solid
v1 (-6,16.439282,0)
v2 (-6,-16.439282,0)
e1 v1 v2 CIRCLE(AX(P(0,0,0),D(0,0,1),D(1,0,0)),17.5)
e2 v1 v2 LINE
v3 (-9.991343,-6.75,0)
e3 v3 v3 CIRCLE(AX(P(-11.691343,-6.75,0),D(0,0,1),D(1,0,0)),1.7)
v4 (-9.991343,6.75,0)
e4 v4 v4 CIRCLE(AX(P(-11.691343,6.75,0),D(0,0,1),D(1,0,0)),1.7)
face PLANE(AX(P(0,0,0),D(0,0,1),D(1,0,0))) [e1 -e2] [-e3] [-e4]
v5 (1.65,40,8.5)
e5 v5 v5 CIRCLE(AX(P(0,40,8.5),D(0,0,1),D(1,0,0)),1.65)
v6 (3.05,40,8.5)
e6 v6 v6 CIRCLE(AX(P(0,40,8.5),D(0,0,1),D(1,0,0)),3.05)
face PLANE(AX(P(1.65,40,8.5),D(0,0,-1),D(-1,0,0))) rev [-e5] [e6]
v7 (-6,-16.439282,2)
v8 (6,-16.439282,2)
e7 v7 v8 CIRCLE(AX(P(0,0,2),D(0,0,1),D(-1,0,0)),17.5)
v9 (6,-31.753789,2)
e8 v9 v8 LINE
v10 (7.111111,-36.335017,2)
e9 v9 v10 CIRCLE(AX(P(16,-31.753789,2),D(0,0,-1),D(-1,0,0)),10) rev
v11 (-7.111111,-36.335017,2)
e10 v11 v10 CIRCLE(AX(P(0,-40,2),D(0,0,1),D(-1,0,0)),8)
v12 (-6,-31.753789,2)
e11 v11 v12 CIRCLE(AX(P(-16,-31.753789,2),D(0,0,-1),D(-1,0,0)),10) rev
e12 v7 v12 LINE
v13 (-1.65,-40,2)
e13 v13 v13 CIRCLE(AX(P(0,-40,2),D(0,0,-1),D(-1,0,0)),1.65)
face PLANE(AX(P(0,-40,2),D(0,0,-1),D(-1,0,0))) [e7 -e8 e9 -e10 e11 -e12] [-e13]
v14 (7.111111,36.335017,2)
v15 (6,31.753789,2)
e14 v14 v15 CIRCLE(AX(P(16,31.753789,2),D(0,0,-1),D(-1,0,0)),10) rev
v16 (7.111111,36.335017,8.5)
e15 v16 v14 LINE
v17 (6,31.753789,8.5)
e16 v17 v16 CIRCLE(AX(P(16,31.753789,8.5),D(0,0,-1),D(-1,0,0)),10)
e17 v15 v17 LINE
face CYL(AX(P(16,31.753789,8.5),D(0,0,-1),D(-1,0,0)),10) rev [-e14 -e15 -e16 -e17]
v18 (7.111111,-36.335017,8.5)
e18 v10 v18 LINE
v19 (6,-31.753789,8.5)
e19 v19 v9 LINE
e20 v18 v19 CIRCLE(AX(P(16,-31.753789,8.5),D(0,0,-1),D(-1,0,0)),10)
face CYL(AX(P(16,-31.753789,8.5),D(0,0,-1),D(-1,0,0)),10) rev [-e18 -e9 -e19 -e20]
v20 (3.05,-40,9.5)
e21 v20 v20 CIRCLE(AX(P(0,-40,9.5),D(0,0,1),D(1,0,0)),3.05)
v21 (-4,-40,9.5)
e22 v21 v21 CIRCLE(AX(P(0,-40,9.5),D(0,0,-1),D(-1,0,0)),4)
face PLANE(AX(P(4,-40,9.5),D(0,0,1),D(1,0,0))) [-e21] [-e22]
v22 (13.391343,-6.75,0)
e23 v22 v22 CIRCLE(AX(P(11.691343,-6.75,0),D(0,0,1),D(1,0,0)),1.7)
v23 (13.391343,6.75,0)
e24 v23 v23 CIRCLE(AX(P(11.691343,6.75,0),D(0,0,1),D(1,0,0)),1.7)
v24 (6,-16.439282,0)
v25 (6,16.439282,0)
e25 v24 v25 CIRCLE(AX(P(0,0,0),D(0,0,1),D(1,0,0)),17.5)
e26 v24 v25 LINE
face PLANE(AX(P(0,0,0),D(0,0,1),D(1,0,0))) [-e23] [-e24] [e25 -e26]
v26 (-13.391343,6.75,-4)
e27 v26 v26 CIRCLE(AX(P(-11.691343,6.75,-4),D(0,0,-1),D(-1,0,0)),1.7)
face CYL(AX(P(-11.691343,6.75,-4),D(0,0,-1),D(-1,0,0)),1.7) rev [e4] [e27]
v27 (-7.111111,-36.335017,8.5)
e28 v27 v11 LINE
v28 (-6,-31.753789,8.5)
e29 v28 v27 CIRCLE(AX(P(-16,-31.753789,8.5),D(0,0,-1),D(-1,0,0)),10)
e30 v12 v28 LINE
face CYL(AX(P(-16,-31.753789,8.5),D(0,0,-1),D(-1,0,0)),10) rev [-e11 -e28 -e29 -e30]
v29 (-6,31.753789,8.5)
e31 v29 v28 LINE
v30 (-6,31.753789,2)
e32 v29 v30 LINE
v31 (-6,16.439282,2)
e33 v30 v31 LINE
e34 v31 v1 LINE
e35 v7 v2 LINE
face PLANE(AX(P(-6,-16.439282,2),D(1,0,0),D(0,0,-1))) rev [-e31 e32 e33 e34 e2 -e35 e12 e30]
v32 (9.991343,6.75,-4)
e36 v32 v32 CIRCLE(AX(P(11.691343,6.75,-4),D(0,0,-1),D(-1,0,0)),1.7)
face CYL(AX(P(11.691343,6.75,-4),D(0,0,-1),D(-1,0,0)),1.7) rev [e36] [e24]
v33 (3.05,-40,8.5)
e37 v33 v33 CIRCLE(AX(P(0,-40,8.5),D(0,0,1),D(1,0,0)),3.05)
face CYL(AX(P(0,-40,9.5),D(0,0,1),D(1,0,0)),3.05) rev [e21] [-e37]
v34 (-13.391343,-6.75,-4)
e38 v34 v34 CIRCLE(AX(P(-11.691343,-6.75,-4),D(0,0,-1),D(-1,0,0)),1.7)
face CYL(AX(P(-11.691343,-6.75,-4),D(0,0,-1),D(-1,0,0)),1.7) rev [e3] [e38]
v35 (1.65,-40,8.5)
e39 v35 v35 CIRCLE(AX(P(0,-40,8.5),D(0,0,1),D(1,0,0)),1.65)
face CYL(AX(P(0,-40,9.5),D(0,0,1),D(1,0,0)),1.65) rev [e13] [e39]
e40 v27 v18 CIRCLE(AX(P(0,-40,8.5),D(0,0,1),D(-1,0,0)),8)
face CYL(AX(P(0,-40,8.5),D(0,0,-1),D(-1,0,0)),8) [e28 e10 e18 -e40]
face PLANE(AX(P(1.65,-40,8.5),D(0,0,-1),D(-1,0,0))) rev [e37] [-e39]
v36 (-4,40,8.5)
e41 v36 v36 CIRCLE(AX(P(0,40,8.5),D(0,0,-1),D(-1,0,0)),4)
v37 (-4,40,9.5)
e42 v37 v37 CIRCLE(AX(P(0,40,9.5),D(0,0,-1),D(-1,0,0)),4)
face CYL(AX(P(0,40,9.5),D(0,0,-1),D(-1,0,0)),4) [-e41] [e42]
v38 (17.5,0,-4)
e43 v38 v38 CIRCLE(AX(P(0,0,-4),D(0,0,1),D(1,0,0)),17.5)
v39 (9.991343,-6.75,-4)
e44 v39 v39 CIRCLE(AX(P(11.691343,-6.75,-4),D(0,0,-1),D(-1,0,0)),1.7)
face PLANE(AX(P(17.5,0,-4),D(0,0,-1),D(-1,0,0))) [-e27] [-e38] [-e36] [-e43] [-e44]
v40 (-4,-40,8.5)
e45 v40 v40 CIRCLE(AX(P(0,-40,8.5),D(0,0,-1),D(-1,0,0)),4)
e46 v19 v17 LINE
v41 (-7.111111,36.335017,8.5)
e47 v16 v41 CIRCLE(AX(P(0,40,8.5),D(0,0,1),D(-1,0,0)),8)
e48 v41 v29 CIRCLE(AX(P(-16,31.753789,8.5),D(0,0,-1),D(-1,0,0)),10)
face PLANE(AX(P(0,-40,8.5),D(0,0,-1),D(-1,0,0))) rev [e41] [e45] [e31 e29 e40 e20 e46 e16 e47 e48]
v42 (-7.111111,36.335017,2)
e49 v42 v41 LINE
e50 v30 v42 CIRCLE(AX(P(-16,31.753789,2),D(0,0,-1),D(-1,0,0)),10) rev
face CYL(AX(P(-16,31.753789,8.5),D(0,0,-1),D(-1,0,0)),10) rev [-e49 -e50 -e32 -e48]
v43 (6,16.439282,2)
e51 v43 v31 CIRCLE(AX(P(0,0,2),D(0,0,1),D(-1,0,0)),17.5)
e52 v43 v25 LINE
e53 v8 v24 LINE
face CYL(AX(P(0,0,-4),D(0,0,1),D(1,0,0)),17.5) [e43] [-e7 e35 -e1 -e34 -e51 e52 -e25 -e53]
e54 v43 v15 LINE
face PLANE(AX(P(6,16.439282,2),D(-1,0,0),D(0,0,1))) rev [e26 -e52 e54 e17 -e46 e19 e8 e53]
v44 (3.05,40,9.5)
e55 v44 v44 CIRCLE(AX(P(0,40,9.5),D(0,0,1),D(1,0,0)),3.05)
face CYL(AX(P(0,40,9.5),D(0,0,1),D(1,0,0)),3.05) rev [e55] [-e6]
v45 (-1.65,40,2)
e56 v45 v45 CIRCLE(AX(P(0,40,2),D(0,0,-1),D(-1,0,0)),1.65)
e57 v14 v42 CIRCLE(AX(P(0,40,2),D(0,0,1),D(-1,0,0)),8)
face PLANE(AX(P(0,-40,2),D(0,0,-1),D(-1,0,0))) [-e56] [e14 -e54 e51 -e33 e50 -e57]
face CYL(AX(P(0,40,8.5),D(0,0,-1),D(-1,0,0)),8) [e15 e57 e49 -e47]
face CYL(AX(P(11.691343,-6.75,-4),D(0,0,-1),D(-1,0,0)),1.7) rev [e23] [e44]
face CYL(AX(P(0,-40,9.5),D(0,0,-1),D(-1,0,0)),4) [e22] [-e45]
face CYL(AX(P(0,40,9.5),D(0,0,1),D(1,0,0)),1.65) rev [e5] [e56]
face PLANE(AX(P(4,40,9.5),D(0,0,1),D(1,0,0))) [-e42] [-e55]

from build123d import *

# Parameters (mm, degrees)
SKETCH_1_W                   = 17.5
SKETCH_1_H                   = 4
EXTRUDE_1_DEPTH              = 2
EXTRUDE_2_DEPTH              = 6.5
SKETCH_4_W                   = 4
SKETCH_4_H                   = 1
SKETCH_5_W                   = 4
SKETCH_5_H                   = 1
HOLE_WIZARD_3_4_3_4_1_D      = 3.4
HOLE_WIZARD_3_4_3_4_1_DEPTH  = 13.5
HOLE_WIZARD_M3_1_D           = 3.3
HOLE_WIZARD_M3_1_DEPTH       = 13.5
HOLE_WIZARD_M3_1_CBORE_D     = 6.1
HOLE_WIZARD_M3_1_CBORE_DEPTH = 1
FILLET_1_R                   = 10


with BuildPart() as part:
    # 草图1 → 旋转1 (revolve)
    with BuildSketch(Plane(origin=(0, 0, 0), x_dir=(1, 0, 0), z_dir=(0, 1, 0))):
        with Locations((8.75, 2)):
            Rectangle(SKETCH_1_W, SKETCH_1_H)
    revolve(axis=Axis((0, 0, -4), (0, 0, 1)))

    # 草图2 → 凸台-拉伸1 (add)
    with BuildSketch(Plane.XY):
        with BuildLine():
            Line((6, 16.439282223), (6, -16.439282223))
            ThreePointArc((6, -16.439282223), (0, -17.5), (-6, -16.439282223))
            Line((-6, -16.439282223), (-6, 16.439282223))
            ThreePointArc((-6, 16.439282223), (0, 17.5), (6, 16.439282223))
        make_face()
    extrude(amount=EXTRUDE_1_DEPTH)

    # 草图3 → 凸台-拉伸2 (add)
    with BuildSketch(Plane.XY.offset(2)):
        with BuildLine():
            Line((-6, -34.708497378), (-6, 34.708497378))
            ThreePointArc((-6, 34.708497378), (0, 48), (6, 34.708497378))
            Line((6, 34.708497378), (6, -34.708497378))
            ThreePointArc((6, -34.708497378), (0, -48), (-6, -34.708497378))
        make_face()
    extrude(amount=EXTRUDE_2_DEPTH)

    # 草图4 → 旋转2 (revolve)
    with BuildSketch(Plane.XZ.offset(40), mode=Mode.PRIVATE) as revolve_2_sk:
        with Locations((2, 9)):
            Rectangle(SKETCH_4_W, SKETCH_4_H)
    revolve(revolve_2_sk.sketch.rotate(Axis((0, -40, 9.5), (0, 0, -1)), 180), axis=Axis((0, -40, 9.5), (0, 0, -1)))

    # 草图5 → 旋转3 (revolve)
    with BuildSketch(Plane.XZ.offset(-40), mode=Mode.PRIVATE) as revolve_3_sk:
        with Locations((2, 9)):
            Rectangle(SKETCH_5_W, SKETCH_5_H)
    revolve(revolve_3_sk.sketch.rotate(Axis((0, 40, 9.5), (0, 0, -1)), 180), axis=Axis((0, 40, 9.5), (0, 0, -1)))

    # Ø3.4 (3.4) 直径孔1
    with Locations(Plane(origin=(0, 0, -4), x_dir=(-1, 0, 0), z_dir=(0, 0, -1))):
        with Locations((11.691342951, 6.75), (11.691342951, -6.75), (-11.691342951, -6.75), (-11.691342951, 6.75)):
            Hole(HOLE_WIZARD_3_4_3_4_1_D / 2, depth=HOLE_WIZARD_3_4_3_4_1_DEPTH)

    # M3 六角头机械螺钉的柱形沉头孔1
    with Locations(Plane.XY.offset(9.5)):
        with Locations((0, -40), (0, 40)):
            CounterBoreHole(HOLE_WIZARD_M3_1_D / 2, HOLE_WIZARD_M3_1_CBORE_D / 2, HOLE_WIZARD_M3_1_CBORE_DEPTH, depth=HOLE_WIZARD_M3_1_DEPTH)

    # 圆角1
    fillet_1_edges = [part.edges().sort_by_distance(p)[0] for p in [
        (-6, -34.708497378, 5.25),
        (6, -34.708497378, 5.25),
        (6, 34.708497378, 5.25),
        (-6, 34.708497378, 5.25),
    ]]
    fillet(fillet_1_edges, radius=FILLET_1_R)


solid = part.part
